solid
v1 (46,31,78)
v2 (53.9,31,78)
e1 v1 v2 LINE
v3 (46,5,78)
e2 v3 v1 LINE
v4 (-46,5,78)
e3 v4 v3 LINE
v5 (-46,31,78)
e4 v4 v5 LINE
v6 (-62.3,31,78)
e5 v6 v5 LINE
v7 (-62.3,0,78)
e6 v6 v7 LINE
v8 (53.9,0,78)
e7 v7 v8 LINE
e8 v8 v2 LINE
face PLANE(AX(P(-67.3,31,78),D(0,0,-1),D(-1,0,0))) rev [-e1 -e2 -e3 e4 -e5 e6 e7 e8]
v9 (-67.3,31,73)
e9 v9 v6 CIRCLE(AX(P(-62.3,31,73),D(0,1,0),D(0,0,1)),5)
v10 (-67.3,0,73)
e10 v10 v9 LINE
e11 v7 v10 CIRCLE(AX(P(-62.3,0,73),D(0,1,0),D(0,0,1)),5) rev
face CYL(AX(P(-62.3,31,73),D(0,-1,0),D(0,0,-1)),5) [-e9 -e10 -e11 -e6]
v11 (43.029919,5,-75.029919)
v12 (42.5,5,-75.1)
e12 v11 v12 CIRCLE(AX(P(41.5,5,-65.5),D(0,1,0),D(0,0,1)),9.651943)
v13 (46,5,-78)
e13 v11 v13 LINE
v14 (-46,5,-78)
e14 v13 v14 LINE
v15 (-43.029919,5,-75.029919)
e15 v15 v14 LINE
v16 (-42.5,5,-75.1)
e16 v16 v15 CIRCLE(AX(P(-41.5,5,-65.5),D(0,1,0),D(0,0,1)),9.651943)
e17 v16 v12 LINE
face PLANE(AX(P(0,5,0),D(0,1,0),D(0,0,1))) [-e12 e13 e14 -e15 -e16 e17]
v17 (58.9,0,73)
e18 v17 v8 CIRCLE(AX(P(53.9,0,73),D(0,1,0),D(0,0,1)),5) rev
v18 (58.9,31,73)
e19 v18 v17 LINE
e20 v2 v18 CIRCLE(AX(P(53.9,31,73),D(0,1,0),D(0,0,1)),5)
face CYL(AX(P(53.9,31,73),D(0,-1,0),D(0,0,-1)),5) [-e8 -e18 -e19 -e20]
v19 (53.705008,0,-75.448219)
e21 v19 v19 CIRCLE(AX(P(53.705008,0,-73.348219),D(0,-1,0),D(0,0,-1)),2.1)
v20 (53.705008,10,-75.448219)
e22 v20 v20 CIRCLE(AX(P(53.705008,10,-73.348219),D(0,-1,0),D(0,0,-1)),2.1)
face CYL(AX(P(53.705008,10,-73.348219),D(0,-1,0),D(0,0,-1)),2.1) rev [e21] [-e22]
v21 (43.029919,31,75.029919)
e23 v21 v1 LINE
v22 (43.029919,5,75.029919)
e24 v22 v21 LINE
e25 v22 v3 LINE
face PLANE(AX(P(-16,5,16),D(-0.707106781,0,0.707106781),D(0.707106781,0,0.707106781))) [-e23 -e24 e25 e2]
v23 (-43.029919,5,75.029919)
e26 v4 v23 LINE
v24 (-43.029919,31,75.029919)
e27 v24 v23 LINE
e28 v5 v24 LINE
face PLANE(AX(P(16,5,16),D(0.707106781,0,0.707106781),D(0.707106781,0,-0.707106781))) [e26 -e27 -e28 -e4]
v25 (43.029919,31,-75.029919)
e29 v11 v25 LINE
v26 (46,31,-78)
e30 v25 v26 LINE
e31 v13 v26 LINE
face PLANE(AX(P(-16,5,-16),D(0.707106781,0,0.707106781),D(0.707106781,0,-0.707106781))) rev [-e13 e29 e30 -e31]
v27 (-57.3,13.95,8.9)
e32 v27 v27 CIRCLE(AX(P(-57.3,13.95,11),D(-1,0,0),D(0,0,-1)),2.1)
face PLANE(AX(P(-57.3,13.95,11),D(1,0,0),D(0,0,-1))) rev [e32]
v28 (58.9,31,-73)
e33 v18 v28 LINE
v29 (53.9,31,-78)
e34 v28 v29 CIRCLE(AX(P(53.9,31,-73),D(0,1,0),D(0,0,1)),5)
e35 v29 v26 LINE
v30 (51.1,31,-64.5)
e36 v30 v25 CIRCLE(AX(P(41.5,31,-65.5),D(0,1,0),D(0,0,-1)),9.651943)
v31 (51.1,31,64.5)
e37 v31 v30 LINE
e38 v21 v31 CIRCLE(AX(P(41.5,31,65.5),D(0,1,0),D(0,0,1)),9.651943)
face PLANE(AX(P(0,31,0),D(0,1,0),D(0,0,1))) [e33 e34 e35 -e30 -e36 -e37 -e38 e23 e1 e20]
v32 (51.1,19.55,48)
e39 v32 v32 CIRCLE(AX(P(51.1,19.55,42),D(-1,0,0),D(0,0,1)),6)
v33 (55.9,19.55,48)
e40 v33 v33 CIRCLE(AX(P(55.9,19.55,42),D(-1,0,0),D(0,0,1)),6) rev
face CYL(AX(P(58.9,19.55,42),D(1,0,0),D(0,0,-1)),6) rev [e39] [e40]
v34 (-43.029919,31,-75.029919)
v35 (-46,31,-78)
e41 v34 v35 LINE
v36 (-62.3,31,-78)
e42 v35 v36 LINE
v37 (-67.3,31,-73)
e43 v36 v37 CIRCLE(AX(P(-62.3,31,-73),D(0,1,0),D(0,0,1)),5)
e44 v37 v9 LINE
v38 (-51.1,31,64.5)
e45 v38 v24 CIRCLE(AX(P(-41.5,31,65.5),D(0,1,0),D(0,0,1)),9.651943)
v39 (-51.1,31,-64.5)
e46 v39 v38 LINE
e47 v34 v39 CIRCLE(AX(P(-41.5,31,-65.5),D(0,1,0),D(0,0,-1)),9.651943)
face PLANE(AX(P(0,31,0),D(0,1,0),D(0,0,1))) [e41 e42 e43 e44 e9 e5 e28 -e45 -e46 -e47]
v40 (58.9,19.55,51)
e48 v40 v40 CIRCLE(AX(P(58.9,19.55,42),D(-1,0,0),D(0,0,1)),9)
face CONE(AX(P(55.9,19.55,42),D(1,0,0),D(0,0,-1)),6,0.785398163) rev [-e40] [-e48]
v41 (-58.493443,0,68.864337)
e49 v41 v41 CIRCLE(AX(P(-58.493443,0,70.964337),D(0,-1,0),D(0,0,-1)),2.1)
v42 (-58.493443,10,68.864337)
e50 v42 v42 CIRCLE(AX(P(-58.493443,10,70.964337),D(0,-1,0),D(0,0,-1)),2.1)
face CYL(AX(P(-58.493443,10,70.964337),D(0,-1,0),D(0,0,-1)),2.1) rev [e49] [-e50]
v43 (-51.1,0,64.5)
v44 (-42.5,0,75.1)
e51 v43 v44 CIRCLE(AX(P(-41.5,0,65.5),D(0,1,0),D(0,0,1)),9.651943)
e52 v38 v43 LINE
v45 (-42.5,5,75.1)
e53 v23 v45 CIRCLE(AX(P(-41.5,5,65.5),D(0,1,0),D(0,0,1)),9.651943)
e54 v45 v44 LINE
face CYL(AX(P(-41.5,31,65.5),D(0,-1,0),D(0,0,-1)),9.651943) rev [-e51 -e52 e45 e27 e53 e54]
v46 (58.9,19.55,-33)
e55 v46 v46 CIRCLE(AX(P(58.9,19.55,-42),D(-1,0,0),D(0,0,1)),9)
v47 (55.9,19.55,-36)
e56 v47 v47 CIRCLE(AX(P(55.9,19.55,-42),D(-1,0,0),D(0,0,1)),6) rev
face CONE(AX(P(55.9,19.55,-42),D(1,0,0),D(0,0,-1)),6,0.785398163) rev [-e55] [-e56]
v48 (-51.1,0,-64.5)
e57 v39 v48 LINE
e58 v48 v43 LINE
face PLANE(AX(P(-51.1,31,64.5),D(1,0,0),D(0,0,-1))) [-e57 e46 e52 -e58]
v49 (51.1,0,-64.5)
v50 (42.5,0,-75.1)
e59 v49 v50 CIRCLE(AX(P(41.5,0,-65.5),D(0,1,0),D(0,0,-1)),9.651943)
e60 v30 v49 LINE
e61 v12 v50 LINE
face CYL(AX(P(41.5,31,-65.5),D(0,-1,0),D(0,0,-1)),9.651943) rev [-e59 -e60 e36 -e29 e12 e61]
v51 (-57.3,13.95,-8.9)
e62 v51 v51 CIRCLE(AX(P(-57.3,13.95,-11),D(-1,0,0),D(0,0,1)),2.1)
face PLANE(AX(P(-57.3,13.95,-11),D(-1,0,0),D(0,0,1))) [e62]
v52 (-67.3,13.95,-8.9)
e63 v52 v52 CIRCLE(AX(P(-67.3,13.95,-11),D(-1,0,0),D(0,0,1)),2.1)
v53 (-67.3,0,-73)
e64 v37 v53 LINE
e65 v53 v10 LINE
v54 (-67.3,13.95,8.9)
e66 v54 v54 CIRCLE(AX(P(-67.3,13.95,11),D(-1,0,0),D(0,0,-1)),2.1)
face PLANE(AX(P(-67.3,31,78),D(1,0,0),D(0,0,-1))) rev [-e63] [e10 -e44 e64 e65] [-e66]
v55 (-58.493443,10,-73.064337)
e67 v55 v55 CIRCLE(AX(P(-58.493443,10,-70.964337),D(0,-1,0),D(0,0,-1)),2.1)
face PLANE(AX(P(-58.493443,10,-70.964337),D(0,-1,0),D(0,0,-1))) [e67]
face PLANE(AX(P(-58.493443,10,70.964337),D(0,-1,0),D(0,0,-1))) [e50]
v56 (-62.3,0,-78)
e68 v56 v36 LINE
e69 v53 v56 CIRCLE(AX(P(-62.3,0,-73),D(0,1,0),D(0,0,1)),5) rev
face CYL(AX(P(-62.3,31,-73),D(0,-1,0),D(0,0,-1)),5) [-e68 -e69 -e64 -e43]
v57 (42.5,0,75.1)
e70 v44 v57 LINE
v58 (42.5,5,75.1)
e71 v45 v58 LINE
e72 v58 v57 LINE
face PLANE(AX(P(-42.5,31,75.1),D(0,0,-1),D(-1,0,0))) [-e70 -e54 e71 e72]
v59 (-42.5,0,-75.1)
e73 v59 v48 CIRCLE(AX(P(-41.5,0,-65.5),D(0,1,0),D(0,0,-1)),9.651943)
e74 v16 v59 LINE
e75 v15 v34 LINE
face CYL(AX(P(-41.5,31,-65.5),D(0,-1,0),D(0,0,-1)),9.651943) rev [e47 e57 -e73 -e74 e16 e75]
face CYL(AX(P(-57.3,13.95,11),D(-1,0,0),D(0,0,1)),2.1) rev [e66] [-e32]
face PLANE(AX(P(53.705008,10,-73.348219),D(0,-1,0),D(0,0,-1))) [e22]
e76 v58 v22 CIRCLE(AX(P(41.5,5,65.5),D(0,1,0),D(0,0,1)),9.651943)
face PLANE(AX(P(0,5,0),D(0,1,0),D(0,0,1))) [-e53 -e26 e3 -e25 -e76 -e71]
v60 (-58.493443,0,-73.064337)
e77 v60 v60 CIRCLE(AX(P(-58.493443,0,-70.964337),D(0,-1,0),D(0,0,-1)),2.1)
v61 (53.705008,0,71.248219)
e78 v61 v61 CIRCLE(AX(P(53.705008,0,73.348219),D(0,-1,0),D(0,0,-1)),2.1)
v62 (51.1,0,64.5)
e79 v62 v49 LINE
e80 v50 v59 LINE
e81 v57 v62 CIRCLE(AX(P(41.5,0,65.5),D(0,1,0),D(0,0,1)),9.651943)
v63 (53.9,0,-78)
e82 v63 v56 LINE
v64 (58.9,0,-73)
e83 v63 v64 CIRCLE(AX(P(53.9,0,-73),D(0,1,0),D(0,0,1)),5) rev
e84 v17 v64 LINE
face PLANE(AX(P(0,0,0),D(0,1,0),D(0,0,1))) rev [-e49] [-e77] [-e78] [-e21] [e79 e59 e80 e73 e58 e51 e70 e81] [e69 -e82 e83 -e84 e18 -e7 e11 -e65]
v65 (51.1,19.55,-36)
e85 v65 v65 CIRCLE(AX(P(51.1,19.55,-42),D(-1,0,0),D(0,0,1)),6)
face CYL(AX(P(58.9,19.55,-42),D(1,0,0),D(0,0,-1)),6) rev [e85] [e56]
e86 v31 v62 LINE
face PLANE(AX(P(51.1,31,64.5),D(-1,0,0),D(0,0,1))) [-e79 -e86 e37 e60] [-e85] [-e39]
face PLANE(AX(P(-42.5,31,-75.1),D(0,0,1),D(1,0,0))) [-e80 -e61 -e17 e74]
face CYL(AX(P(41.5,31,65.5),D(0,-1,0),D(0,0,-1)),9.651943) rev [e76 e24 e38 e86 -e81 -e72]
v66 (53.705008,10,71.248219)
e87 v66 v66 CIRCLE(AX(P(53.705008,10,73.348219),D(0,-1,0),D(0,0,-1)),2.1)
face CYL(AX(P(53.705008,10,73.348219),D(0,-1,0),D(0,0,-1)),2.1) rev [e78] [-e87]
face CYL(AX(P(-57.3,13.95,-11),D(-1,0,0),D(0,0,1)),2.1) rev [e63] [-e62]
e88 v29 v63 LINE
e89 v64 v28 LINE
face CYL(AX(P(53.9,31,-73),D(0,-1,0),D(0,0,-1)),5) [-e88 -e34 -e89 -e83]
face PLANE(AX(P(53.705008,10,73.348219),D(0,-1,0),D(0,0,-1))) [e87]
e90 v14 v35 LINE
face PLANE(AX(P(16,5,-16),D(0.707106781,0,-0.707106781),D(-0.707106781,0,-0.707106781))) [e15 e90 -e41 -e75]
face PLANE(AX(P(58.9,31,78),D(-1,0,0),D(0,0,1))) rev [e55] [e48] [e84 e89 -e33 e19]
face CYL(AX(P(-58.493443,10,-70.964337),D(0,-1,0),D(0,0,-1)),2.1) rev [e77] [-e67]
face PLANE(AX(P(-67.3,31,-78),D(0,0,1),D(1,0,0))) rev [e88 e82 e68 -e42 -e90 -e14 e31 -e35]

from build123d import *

# Parameters (mm, degrees)
SKETCH_1_W          = 126.2
SKETCH_1_H          = 156
EXTRUDE_1_DEPTH     = 31
CUT_EXTRUDE_START   = -26
CUT_EXTRUDE_1_DEPTH = 26
FILLET_1_R          = 5
F_12_0MM_1_D        = 12
F_12_0MM_1_DEPTH    = 17
F_12_0MM_1_TIP      = 3.605163714
SKETCH_6_R          = 2.1
CUT_EXTRUDE_2_DEPTH = 10
SKETCH_7_R          = 2.1
CUT_EXTRUDE_3_DEPTH = 10
CHAMFER_1_SIZE      = 3


with BuildPart() as part:
    # 草图1 → 凸台-拉伸1 (new body)
    with BuildSketch(Plane(origin=(0, 0, 0), x_dir=(1, 0, 0), z_dir=(0, 1, 0))):
        with Locations((-4.2, 0)):
            Rectangle(SKETCH_1_W, SKETCH_1_H)
        with BuildLine():
            Line((-42.5, 75.1), (42.5, 75.1))
            ThreePointArc((42.5, 75.1), (48.995331881, 71.581118318), (51.1, 64.5))
            Line((51.1, 64.5), (51.1, -64.5))
            ThreePointArc((51.1, -64.5), (48.995331881, -71.581118318), (42.5, -75.1))
            Line((42.5, -75.1), (-42.5, -75.1))
            ThreePointArc((-42.5, -75.1), (-48.995331881, -71.581118318), (-51.1, -64.5))
            Line((-51.1, -64.5), (-51.1, 64.5))
            ThreePointArc((-51.1, 64.5), (-48.995331881, 71.581118318), (-42.5, 75.1))
        make_face(mode=Mode.SUBTRACT)
    extrude(amount=EXTRUDE_1_DEPTH)

    # 草图2 → 切除-拉伸1 (cut)
    with BuildSketch(Plane(origin=(0, 31, 0), x_dir=(1, 0, 0), z_dir=(0, 1, 0)).offset(CUT_EXTRUDE_START)):
        with BuildLine():
            Line((-42.780928277, -74.780928277), (-43.029918625, -75.029918625))
            ThreePointArc((-43.029918625, -75.029918625), (-42.765444551, -75.068628433), (-42.5, -75.1))
            Line((-42.5, -75.1), (-42.780928277, -74.780928277))
        make_face()
        with BuildLine():
            Line((-43.029918625, -75.029918625), (-43.1, -75.1))
            Line((-43.1, -75.1), (-42.5, -75.1))
            ThreePointArc((-42.5, -75.1), (-42.765444551, -75.068628433), (-43.029918625, -75.029918625))
        make_face()
        Polygon((43.1, -75.1), (42.5, -75.1), (-42.5, -75.1), (-43.1, -75.1), (-46, -78), (46, -78), align=None)
        with BuildLine():
            ThreePointArc((42.5, -75.1), (42.765444551, -75.068628433), (43.029918625, -75.029918625))
            Line((43.029918625, -75.029918625), (42.872377268, -74.872377268))
            Line((42.872377268, -74.872377268), (42.5, -75.1))
        make_face()
        with BuildLine():
            Line((42.5, -75.1), (43.1, -75.1))
            Line((43.1, -75.1), (43.029918625, -75.029918625))
            ThreePointArc((43.029918625, -75.029918625), (42.765444551, -75.068628433), (42.5, -75.1))
        make_face()
        Polygon((46, 78), (-46, 78), (-43.1, 75.1), (-42.5, 75.1), (42.5, 75.1), (43.1, 75.1), align=None)
        with BuildLine():
            Line((-42.780928277, 74.780928277), (-42.5, 75.1))
            ThreePointArc((-42.5, 75.1), (-42.765444551, 75.068628433), (-43.029918625, 75.029918625))
            Line((-43.029918625, 75.029918625), (-42.780928277, 74.780928277))
        make_face()
        with BuildLine():
            Line((-42.5, 75.1), (-43.1, 75.1))
            Line((-43.1, 75.1), (-43.029918625, 75.029918625))
            ThreePointArc((-43.029918625, 75.029918625), (-42.765444551, 75.068628433), (-42.5, 75.1))
        make_face()
        with BuildLine():
            ThreePointArc((43.029918625, 75.029918625), (42.765444551, 75.068628433), (42.5, 75.1))
            Line((42.5, 75.1), (42.872377268, 74.872377268))
            Line((42.872377268, 74.872377268), (43.029918625, 75.029918625))
        make_face()
        with BuildLine():
            Line((43.029918625, 75.029918625), (43.1, 75.1))
            Line((43.1, 75.1), (42.5, 75.1))
            ThreePointArc((42.5, 75.1), (42.765444551, 75.068628433), (43.029918625, 75.029918625))
        make_face()
    extrude(amount=CUT_EXTRUDE_1_DEPTH, mode=Mode.SUBTRACT)

    # 圆角1
    fillet_1_edges = [part.edges().sort_by_distance(p)[0] for p in [
        (58.9, 15.5, -78),
        (58.9, 15.5, 78),
        (-67.3, 15.5, 78),
        (-67.3, 15.5, -78),
    ]]
    fillet(fillet_1_edges, radius=FILLET_1_R)

    # Ø12.0mm 暗销孔1
    with Locations(Plane(origin=(58.9, 0, 0), x_dir=(0, 0, -1), z_dir=(1, 0, 0))):
        with Locations((42, 19.55), (-42, 19.55)):
            Hole(F_12_0MM_1_D / 2, depth=F_12_0MM_1_DEPTH)
            with Locations((0, 0, -(F_12_0MM_1_DEPTH + F_12_0MM_1_TIP / 2))):  # 118° drill point
                Cone(0, F_12_0MM_1_D / 2, F_12_0MM_1_TIP, mode=Mode.SUBTRACT)

    # 草图6 → 切除-拉伸2 (cut)
    with BuildSketch(Plane.ZY.offset(67.3)):
        with Locations((-11, 13.95)):
            Circle(SKETCH_6_R)
        with Locations(Location((11, 13.95, 0), (0, 0, 180))):
            Circle(SKETCH_6_R)
    extrude(amount=-CUT_EXTRUDE_2_DEPTH, mode=Mode.SUBTRACT)

    # 草图7 → 切除-拉伸3 (cut)
    with BuildSketch(Plane.XZ):
        with Locations(Location((-58.493442579, 70.964337058, 0), (0, 0, 270))):
            Circle(SKETCH_7_R)
        with Locations(Location((53.705008218, 73.348219362, 0), (0, 0, 270))):
            Circle(SKETCH_7_R)
        with Locations(Location((-58.493442579, -70.964337058, 0), (0, 0, 270))):
            Circle(SKETCH_7_R)
        with Locations(Location((53.705008218, -73.348219362, 0), (0, 0, 270))):
            Circle(SKETCH_7_R)
    extrude(amount=-CUT_EXTRUDE_3_DEPTH, mode=Mode.SUBTRACT)

    # 倒角1
    chamfer_1_edges = [part.edges().sort_by_distance(p)[0] for p in [
        (58.9, 19.55, 36),
        (58.9, 19.55, -48),
    ]]
    chamfer(chamfer_1_edges, length=CHAMFER_1_SIZE)


solid = part.part
